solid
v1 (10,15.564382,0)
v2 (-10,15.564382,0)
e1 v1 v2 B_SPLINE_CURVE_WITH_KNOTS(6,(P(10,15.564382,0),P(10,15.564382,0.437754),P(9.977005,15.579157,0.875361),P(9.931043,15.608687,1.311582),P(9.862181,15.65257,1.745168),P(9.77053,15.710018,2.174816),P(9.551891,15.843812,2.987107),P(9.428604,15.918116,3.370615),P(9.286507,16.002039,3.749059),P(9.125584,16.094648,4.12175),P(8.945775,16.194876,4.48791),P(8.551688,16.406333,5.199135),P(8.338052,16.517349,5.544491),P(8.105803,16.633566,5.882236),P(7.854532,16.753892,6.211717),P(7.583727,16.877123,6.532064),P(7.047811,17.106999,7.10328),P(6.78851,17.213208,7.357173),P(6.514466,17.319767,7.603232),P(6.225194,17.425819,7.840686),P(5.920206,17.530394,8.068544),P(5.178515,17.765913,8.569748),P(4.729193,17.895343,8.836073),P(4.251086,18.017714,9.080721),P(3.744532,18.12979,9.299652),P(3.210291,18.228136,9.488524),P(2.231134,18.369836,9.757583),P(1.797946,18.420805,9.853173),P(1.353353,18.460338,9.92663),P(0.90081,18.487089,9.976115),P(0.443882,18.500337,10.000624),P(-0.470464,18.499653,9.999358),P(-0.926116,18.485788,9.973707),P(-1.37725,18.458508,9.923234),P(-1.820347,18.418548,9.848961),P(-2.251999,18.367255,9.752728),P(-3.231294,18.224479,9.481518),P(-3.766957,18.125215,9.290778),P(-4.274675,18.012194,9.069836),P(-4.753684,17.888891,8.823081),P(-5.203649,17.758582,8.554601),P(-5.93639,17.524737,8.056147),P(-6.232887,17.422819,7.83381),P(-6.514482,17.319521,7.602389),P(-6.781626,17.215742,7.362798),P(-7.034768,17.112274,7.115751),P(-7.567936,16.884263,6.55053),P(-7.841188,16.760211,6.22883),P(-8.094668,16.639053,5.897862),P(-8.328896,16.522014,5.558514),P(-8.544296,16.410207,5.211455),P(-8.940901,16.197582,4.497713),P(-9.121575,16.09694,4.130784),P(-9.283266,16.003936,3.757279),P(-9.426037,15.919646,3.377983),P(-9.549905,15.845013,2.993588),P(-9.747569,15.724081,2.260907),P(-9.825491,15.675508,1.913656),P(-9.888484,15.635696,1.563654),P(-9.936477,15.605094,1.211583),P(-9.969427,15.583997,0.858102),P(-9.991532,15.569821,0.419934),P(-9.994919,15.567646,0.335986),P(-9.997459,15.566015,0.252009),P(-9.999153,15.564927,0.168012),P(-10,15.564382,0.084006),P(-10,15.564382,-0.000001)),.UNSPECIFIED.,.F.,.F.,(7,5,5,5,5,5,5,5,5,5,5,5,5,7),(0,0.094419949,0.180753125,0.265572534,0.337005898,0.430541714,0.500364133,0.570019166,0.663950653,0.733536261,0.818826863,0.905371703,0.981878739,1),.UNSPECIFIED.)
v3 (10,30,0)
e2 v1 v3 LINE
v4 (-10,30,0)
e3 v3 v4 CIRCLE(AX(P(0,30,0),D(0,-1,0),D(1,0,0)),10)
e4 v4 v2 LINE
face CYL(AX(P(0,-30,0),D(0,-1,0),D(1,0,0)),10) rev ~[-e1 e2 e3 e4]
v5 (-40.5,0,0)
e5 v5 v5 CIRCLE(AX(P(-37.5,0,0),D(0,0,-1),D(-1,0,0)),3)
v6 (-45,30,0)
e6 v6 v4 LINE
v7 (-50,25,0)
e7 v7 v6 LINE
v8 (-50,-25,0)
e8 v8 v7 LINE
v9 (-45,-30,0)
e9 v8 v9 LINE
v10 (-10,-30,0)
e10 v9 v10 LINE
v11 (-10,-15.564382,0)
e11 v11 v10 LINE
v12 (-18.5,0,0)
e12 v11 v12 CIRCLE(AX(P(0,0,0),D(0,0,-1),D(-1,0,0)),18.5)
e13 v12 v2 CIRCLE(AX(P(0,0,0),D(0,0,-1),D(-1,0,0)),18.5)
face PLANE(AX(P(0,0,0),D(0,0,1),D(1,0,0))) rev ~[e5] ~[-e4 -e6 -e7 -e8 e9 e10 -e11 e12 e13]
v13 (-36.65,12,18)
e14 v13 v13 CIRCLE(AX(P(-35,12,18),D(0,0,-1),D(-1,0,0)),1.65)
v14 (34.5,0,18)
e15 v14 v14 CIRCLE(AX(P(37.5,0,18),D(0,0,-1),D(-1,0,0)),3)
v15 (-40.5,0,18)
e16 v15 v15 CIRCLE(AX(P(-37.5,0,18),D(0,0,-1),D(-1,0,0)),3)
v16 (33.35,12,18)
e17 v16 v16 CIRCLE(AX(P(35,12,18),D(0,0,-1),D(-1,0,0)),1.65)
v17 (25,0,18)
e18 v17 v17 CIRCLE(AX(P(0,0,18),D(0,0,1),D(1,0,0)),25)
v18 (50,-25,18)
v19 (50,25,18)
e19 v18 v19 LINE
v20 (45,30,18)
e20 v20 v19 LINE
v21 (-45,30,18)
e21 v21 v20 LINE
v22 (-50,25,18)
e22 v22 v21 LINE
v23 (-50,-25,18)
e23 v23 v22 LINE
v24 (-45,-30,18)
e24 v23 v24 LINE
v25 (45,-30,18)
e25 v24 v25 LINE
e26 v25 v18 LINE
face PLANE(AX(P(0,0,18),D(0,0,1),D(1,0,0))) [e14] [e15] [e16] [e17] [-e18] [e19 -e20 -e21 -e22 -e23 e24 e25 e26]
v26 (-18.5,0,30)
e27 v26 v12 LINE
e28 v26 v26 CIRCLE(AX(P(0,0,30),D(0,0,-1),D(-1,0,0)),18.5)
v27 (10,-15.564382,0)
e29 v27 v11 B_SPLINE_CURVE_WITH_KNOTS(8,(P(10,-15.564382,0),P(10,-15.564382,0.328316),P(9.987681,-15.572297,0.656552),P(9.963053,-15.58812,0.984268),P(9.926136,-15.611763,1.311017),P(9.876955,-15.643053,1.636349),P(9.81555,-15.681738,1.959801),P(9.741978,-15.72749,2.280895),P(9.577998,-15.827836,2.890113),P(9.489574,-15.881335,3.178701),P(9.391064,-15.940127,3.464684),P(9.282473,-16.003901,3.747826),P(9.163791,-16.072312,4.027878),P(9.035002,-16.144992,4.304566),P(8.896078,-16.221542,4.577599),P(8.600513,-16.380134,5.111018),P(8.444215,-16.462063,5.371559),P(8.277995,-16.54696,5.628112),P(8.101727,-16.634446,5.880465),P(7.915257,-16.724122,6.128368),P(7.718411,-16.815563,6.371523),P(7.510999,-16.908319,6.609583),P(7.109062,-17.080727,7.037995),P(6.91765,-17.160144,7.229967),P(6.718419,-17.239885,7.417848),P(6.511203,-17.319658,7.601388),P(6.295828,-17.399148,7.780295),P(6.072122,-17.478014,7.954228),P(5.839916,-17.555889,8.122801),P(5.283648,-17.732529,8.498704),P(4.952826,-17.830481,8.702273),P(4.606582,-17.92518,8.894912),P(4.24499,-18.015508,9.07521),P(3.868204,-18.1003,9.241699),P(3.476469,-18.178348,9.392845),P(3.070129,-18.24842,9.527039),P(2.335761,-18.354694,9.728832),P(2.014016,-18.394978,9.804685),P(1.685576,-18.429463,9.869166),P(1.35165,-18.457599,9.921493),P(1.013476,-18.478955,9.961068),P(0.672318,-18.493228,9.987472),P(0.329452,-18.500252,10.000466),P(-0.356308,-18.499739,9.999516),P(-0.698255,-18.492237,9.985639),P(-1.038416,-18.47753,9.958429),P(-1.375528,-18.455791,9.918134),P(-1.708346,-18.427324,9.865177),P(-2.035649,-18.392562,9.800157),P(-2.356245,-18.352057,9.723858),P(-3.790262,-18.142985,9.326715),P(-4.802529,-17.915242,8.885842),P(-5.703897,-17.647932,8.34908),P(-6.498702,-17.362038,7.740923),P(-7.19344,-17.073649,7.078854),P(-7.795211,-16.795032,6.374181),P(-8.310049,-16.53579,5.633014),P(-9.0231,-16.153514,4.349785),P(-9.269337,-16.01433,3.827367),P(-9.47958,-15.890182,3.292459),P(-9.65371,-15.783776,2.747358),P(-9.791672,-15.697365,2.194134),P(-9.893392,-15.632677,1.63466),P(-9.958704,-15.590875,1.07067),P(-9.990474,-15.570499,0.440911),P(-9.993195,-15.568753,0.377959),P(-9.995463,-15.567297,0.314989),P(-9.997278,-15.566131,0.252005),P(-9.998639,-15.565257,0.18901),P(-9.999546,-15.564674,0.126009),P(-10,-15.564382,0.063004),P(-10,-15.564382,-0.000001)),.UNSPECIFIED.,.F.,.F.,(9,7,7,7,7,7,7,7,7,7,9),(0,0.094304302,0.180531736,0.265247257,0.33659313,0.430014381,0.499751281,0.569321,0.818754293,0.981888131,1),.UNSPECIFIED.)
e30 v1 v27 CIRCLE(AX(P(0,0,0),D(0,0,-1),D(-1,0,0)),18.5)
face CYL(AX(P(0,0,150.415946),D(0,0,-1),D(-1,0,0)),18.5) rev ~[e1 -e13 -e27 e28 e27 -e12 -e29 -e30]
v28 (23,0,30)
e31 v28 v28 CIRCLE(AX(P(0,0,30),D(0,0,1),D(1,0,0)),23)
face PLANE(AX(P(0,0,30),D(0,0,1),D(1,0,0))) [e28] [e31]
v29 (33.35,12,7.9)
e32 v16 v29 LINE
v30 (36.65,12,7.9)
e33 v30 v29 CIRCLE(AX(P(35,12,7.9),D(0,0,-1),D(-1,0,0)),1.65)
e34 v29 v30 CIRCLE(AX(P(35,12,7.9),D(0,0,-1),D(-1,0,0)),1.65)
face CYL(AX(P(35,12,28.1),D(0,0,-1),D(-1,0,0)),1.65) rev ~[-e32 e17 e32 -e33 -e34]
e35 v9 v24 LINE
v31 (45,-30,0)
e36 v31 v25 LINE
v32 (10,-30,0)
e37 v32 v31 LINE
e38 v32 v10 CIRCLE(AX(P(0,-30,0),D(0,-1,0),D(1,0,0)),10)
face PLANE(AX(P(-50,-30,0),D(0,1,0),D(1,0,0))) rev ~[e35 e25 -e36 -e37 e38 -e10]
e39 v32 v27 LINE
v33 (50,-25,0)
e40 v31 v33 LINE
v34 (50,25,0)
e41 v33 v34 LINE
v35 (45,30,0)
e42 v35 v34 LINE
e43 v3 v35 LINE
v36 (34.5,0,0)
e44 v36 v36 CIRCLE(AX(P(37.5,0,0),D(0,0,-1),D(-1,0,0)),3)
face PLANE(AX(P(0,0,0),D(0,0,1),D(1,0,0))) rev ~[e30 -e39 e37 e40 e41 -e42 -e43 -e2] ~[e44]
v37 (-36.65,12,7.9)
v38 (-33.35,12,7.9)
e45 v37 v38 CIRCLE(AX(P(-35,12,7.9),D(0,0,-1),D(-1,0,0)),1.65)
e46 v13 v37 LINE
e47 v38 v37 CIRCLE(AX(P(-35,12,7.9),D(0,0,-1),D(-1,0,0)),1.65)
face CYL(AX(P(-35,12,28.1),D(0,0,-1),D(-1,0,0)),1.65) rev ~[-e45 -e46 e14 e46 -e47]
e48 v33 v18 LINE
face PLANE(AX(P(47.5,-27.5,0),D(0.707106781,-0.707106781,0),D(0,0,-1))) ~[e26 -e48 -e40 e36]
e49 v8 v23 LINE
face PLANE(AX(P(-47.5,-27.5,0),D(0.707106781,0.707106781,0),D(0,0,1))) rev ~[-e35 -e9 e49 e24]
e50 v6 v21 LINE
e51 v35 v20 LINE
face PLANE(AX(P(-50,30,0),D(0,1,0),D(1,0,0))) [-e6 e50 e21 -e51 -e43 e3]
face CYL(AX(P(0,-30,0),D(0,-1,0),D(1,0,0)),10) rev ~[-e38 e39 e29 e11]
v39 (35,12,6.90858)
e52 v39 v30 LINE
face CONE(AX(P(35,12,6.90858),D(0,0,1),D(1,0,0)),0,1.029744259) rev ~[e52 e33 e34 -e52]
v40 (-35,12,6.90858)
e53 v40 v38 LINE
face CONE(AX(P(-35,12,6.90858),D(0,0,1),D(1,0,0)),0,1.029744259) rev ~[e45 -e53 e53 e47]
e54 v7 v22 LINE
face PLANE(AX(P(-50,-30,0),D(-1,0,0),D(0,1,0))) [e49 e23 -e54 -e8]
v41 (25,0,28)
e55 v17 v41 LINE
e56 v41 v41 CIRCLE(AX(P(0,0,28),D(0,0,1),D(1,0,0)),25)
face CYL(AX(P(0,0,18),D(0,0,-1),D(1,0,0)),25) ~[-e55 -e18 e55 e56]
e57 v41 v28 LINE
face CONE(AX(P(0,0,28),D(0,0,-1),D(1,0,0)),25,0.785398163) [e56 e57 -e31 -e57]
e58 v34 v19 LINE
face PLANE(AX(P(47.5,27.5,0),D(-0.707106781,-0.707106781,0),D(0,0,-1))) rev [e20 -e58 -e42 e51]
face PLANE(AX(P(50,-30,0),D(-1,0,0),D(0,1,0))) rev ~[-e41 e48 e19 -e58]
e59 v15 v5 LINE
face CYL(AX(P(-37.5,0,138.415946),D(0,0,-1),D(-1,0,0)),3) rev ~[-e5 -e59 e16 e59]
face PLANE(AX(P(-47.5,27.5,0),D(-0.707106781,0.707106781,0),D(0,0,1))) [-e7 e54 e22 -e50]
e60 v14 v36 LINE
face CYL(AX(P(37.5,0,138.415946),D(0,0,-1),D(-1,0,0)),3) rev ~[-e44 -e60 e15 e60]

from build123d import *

# Parameters (mm, degrees)
F0_W      = 100
F0_H      = 60
F1_DEPTH  = 18
F2_R      = 25
F3_DEPTH  = 12
F4_SIZE   = 5
F5_SIZE   = 2
F7_D      = 37
F9_DEPTH  = 60.001
F11_D     = 6
F13_D     = 3.3
F13_DEPTH = 10.1
F13_TIP   = 0.9914200214


with BuildPart() as f1:
    # F0 (on Top) → F1 (new body)
    with BuildSketch(Plane.XY):
        Rectangle(F0_W, F0_H)
    extrude(amount=F1_DEPTH)

    # F2 (on face) → F3 (join)
    with BuildSketch(Plane.XY.offset(18)):
        Circle(F2_R)
    extrude(amount=F3_DEPTH)

    # F4
    f4_edges = [f1.edges().sort_by_distance(p)[0] for p in [
        (50, -30, 9),
        (-50, -30, 9),
        (-50, 30, 9),
        (50, 30, 9),
    ]]
    chamfer(f4_edges, length=F4_SIZE)

    # F5
    f5_edges = [f1.edges().sort_by_distance(p)[0] for p in [
        (-25, 0, 30),
    ]]
    chamfer(f5_edges, length=F5_SIZE)

    # F7 (through all)
    with Locations(Plane.XY.offset(30)):
        with Locations((0, 0)):
            Hole(F7_D / 2)

    # F8 (on face) → F9 (cut, through all)
    with BuildSketch(Plane.XZ.offset(30)):
        with BuildLine():
            ThreePointArc((-10, 0), (0, -10), (10, 0))
            Line((10, 0), (-10, 0))
        make_face()
        with BuildLine():
            Line((-10, 0), (10, 0))
            ThreePointArc((10, 0), (0, 10), (-10, 0))
        make_face()
    extrude(amount=-F9_DEPTH, mode=Mode.SUBTRACT)

    # F11 (through all)
    with Locations(Plane.XY.offset(18)):
        with Locations((37.5, 0), (-37.5, 0)):
            Hole(F11_D / 2)

    # F13
    with Locations(Plane.XY.offset(18)):
        with Locations((35, 12), (-35, 12)):
            Hole(F13_D / 2, depth=F13_DEPTH)
            with Locations((0, 0, -(F13_DEPTH + F13_TIP / 2))):  # 118° drill point
                Cone(0, F13_D / 2, F13_TIP, mode=Mode.SUBTRACT)


solid = f1.part
